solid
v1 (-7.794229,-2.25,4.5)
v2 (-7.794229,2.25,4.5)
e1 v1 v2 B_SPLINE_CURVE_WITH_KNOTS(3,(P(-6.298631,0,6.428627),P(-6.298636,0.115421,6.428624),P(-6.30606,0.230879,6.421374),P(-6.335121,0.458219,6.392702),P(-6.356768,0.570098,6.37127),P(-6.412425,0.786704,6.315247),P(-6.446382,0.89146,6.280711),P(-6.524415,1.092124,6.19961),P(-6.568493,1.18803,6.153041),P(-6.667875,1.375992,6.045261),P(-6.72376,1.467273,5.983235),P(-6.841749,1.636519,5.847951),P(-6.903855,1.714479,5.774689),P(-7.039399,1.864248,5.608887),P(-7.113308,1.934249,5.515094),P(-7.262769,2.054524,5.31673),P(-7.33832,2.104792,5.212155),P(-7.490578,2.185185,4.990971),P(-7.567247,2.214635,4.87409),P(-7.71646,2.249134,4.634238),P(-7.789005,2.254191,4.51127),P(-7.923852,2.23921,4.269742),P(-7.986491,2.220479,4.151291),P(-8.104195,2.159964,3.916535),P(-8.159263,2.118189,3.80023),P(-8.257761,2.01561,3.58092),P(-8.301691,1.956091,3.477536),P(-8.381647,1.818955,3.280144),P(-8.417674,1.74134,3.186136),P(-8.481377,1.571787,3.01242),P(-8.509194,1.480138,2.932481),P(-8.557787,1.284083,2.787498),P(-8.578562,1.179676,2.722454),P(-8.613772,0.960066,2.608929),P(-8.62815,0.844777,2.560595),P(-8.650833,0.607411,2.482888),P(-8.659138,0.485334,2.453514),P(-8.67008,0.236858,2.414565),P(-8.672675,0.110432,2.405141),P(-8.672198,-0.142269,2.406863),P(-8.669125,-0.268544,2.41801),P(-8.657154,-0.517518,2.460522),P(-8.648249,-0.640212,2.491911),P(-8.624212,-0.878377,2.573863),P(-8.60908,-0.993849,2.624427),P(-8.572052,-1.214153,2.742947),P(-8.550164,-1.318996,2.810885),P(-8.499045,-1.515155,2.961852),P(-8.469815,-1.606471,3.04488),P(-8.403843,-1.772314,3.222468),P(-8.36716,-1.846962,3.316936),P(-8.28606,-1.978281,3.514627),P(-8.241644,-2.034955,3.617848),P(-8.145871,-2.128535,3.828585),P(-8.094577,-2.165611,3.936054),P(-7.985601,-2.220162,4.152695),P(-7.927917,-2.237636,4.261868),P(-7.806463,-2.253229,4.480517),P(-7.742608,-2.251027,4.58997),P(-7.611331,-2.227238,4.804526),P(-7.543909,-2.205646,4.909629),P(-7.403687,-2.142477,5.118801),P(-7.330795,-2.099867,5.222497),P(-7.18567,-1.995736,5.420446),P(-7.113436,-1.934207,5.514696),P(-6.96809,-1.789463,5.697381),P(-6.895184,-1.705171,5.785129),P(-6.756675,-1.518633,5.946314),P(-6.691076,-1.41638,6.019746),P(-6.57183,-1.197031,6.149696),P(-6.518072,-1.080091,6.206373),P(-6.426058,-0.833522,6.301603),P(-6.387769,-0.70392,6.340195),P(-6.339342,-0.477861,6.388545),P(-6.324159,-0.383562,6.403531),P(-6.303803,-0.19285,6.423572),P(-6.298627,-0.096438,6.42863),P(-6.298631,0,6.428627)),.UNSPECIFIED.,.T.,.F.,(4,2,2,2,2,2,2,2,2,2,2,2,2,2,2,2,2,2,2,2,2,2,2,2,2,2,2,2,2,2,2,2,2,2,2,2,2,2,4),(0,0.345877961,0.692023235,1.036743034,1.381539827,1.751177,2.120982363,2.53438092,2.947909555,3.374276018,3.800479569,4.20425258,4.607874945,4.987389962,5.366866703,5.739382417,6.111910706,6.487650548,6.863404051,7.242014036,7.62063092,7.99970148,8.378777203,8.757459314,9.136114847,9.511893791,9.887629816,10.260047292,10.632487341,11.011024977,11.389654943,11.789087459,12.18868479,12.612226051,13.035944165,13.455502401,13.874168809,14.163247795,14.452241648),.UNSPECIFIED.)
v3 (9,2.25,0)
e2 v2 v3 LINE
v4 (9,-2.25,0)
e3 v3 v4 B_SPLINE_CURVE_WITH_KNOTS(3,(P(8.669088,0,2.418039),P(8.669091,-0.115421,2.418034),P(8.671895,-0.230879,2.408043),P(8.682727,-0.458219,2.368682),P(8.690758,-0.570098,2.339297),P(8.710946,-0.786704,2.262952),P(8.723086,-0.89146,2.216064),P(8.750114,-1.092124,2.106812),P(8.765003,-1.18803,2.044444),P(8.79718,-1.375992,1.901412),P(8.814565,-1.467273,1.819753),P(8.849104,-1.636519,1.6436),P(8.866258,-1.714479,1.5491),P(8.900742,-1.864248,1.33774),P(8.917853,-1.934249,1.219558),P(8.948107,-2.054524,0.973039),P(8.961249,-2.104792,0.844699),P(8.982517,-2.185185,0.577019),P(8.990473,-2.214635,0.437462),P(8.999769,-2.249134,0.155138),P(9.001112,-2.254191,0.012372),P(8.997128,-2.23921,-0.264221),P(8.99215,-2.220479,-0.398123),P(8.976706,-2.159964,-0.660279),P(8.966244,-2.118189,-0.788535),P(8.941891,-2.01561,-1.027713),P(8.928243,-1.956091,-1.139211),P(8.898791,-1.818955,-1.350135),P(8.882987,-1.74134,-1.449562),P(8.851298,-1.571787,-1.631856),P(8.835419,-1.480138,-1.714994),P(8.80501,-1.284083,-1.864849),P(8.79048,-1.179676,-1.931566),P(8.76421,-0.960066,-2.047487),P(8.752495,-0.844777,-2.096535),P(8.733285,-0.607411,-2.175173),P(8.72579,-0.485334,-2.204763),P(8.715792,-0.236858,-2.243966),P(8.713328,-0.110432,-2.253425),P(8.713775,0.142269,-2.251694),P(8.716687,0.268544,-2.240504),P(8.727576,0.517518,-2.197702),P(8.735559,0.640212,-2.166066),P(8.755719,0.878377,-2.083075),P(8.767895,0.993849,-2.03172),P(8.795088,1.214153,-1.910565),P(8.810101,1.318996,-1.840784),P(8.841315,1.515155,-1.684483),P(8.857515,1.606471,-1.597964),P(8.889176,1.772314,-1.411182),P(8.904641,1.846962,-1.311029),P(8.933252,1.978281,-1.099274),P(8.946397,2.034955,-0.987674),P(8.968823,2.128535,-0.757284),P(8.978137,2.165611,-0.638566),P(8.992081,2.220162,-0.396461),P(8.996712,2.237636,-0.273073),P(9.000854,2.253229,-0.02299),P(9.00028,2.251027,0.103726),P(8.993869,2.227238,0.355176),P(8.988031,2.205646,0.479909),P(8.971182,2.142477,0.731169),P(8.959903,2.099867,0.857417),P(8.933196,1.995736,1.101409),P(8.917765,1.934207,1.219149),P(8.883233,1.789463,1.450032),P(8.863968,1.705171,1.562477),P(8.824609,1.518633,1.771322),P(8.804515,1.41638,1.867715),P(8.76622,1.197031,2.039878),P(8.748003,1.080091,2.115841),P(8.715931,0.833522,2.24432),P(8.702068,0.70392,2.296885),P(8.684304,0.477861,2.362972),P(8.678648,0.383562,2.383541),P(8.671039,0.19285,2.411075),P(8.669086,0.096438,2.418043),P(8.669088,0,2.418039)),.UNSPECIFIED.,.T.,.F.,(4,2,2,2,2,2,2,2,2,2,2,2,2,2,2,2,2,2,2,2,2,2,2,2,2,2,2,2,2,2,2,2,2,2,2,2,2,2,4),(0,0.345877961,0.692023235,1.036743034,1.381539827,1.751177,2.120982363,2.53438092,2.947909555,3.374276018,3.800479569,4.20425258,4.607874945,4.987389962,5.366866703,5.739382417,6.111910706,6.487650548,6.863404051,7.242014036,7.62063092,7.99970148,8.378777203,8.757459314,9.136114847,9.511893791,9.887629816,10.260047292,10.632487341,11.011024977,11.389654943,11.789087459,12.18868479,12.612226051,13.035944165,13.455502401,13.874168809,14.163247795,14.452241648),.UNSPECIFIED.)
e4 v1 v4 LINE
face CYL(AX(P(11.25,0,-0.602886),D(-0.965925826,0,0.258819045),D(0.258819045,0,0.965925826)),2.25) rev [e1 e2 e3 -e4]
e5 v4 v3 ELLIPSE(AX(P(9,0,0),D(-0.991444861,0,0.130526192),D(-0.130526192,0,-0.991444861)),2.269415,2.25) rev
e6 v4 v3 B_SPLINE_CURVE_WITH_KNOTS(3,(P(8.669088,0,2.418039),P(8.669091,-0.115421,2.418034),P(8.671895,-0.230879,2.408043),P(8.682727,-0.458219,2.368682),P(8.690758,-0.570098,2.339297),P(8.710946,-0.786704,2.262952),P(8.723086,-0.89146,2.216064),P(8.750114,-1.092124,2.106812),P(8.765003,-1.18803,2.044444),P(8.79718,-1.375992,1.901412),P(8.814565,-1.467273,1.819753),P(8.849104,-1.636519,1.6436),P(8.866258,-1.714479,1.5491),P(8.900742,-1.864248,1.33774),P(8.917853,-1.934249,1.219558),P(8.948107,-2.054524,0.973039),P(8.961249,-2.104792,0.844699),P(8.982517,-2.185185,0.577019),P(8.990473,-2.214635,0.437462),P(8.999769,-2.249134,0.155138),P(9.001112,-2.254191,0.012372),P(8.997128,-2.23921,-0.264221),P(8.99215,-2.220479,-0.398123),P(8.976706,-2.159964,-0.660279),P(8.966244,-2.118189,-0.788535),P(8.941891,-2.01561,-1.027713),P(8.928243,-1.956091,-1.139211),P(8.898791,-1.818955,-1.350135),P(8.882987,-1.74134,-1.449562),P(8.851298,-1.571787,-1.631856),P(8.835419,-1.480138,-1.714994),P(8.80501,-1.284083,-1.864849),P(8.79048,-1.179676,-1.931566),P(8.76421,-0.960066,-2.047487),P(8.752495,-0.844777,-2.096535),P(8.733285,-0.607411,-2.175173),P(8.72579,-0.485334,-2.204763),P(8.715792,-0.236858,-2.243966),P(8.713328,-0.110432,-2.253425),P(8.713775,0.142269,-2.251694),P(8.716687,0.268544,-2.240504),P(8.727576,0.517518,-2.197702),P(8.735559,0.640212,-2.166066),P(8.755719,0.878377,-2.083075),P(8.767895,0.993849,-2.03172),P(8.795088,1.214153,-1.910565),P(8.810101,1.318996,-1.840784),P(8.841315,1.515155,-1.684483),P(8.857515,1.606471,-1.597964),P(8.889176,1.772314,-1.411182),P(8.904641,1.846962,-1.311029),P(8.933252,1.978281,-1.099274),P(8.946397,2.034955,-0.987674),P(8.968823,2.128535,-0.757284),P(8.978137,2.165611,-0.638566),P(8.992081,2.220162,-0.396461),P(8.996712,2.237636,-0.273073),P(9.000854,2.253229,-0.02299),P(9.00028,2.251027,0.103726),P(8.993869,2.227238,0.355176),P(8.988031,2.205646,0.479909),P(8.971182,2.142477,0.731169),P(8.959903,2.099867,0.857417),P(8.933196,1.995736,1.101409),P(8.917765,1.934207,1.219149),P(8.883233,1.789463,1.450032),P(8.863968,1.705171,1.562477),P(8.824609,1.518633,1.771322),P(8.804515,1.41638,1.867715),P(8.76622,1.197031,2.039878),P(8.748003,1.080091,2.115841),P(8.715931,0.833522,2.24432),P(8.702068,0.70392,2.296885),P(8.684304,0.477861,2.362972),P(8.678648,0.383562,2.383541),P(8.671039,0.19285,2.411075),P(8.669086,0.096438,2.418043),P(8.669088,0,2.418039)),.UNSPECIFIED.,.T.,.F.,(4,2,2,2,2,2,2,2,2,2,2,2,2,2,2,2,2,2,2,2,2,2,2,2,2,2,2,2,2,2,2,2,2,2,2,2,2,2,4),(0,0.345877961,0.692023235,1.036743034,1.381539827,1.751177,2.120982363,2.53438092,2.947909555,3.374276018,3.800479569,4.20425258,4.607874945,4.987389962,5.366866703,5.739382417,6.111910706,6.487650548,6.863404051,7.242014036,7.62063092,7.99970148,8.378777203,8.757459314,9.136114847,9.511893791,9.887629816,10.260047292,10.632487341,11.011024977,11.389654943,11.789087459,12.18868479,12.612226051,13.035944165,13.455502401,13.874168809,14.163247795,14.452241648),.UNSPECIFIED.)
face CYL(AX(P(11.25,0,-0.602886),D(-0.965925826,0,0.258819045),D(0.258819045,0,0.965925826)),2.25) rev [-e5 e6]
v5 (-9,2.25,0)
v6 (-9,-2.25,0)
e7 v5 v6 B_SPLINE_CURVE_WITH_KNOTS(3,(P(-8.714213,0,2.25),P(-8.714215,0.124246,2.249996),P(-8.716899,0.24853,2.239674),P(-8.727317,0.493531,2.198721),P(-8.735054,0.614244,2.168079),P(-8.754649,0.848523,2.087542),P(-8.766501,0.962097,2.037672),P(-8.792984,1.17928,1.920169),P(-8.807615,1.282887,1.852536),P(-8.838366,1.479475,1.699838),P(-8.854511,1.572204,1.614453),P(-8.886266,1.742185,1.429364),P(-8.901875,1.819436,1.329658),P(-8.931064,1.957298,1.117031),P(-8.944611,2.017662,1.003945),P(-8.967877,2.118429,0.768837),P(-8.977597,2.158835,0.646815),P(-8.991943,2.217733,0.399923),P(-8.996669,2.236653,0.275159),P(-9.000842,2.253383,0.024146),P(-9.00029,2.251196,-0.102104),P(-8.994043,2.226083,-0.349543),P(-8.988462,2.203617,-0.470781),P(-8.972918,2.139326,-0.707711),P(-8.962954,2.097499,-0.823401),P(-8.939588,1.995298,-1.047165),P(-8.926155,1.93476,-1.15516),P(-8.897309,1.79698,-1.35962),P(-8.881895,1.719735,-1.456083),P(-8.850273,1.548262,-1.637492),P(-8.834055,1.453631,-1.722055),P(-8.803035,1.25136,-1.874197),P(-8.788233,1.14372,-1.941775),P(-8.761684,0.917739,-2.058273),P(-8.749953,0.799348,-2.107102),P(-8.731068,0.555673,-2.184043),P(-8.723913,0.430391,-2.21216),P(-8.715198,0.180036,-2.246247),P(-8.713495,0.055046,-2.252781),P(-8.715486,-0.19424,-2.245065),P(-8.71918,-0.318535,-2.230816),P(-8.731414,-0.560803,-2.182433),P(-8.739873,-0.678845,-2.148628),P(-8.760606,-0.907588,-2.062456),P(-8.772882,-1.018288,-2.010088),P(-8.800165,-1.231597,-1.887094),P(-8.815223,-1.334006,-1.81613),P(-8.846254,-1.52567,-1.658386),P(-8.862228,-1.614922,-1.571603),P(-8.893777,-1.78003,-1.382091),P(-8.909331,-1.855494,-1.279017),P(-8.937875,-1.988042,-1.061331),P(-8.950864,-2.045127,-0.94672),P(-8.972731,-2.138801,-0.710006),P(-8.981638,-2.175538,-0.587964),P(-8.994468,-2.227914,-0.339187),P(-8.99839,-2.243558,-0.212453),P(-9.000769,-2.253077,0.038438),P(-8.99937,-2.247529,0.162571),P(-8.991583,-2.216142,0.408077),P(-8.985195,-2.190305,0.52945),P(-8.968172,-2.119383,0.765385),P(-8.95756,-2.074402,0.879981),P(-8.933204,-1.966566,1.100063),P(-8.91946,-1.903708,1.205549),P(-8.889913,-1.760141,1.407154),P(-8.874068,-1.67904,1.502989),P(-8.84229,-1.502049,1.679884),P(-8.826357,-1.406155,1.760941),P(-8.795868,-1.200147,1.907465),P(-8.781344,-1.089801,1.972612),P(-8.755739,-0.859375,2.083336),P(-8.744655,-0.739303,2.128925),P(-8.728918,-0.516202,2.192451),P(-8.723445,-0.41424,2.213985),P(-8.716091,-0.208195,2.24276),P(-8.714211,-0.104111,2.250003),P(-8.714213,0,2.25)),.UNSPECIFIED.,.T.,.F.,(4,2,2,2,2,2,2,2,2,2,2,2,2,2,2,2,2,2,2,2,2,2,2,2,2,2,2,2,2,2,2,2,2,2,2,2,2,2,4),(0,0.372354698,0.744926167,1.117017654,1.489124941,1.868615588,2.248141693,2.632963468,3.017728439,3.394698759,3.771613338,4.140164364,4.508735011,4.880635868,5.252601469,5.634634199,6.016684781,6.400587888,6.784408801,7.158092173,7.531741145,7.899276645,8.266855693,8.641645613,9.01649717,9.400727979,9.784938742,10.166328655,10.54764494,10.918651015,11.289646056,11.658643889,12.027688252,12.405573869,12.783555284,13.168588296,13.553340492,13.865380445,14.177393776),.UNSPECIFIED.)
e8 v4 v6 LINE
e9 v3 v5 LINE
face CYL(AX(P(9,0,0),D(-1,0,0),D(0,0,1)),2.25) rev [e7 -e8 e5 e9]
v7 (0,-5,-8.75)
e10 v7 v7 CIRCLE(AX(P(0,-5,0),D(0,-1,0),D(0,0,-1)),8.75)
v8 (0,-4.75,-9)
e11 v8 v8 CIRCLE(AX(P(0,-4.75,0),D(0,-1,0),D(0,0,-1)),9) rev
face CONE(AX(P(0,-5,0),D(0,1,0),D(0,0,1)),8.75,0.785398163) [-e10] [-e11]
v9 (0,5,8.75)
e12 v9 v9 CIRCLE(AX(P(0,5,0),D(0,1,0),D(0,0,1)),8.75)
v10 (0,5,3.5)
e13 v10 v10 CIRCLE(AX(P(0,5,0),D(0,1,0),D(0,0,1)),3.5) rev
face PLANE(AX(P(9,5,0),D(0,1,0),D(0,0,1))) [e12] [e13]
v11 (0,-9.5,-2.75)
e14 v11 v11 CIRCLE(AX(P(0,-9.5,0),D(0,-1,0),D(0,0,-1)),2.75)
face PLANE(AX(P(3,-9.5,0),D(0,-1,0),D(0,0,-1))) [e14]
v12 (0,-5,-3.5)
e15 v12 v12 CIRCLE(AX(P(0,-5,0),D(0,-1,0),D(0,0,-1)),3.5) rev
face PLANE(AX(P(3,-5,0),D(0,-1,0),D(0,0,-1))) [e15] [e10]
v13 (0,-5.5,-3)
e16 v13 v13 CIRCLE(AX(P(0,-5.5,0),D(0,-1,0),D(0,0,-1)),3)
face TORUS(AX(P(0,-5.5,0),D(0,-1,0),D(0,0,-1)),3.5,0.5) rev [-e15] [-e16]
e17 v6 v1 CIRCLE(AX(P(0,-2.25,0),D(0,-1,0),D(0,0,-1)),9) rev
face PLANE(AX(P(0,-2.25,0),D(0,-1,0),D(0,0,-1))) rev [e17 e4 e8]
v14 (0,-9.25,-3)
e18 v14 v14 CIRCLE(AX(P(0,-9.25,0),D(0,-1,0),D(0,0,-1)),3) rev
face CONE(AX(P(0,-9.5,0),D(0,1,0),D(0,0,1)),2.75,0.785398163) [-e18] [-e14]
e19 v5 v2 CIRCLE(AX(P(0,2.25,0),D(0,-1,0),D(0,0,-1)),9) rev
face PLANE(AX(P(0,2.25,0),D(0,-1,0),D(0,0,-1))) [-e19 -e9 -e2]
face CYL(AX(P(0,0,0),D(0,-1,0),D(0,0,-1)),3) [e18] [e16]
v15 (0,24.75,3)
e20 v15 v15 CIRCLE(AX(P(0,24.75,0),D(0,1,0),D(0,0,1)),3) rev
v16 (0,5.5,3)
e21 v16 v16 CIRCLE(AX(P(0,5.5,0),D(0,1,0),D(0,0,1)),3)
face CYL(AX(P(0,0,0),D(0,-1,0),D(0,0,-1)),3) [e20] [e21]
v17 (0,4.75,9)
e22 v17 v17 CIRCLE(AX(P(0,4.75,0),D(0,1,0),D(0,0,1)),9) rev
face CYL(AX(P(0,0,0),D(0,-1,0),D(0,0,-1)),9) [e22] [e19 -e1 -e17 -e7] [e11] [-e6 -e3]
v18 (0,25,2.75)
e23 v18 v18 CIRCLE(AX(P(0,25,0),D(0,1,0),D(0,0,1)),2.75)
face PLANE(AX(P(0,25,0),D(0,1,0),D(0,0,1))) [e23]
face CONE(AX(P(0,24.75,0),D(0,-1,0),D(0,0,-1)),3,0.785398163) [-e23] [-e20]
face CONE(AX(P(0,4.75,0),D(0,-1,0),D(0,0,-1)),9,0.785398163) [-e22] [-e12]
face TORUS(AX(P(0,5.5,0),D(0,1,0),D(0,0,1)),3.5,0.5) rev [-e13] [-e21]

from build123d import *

# Parameters (mm, degrees)
ESBO_O2_R                  = 2.25
CORTE_EXTRUS_O2_DEPTH      = 19
ESBO_O7_R                  = 2.25
CORTE_EXTRUS_O6_DEPTH      = 3.329371528
CORTE_EXTRUS_O6_DEPTH_BACK = 20.716036402
CUT_EXTRUDE1_DEPTH         = 2.25
FILLET1_R                  = 0.5
CHAMFER1_SIZE              = 0.25
CHAMFER4_SIZE              = 0.25


with BuildPart() as part:
    # Esboço1 → Revolução1 (revolve)
    with BuildSketch(Plane.XY):
        Polygon((0, 25), (3, 25), (3, 5), (9, 5), (9, -5), (3, -5), (3, -9.5), (0, -9.5), (0, 0), align=None)
    revolve(axis=Axis((0, 0, 0), (0, 1, 0)))

    # Esboço2 → Corte-extrusão2 (cut, through all)
    with BuildSketch(Plane.ZY.offset(9)):
        Circle(ESBO_O2_R)
    extrude(amount=-CORTE_EXTRUS_O2_DEPTH, mode=Mode.SUBTRACT)

    # Esboço7 → Corte-extrusão6 (cut, two sides)
    with BuildSketch(Plane(origin=(-7.794228634, 0, 4.5), x_dir=(0.258819045, 0, 0.965925826), z_dir=(-0.965925826, 0, 0.258819045))) as corte_extrus_o6_sk:
        Circle(ESBO_O7_R)
    extrude(amount=CORTE_EXTRUS_O6_DEPTH, mode=Mode.SUBTRACT)
    extrude(corte_extrus_o6_sk.sketch, amount=-CORTE_EXTRUS_O6_DEPTH_BACK, mode=Mode.SUBTRACT)

    # Sketch1 → Cut-Extrude1 (cut, symmetric)
    with BuildSketch(Plane(origin=(0, 0, 0), x_dir=(1, 0, 0), z_dir=(0, 1, 0))):
        Polygon((9, 0), (-10.844388007, 0), (-10.42876147, -5.205920946), align=None)
    extrude(amount=CUT_EXTRUDE1_DEPTH, both=True, mode=Mode.SUBTRACT)

    # Fillet1
    fillet1_edges = [part.edges().sort_by_distance(p)[0] for p in [
        (-3, -5, 0),
        (-3, 5, 0),
    ]]
    fillet(fillet1_edges, radius=FILLET1_R)

    # Chamfer1
    chamfer1_edges = [part.edges().sort_by_distance(p)[0] for p in [
        (-3, -9.5, 0),
        (-3, 25, 0),
    ]]
    chamfer(chamfer1_edges, length=CHAMFER1_SIZE)

    # Chamfer4
    chamfer4_edges = [part.edges().sort_by_distance(p)[0] for p in [
        (-9, -5, 0),
        (-9, 5, 0),
    ]]
    chamfer(chamfer4_edges, length=CHAMFER4_SIZE)


solid = part.part
